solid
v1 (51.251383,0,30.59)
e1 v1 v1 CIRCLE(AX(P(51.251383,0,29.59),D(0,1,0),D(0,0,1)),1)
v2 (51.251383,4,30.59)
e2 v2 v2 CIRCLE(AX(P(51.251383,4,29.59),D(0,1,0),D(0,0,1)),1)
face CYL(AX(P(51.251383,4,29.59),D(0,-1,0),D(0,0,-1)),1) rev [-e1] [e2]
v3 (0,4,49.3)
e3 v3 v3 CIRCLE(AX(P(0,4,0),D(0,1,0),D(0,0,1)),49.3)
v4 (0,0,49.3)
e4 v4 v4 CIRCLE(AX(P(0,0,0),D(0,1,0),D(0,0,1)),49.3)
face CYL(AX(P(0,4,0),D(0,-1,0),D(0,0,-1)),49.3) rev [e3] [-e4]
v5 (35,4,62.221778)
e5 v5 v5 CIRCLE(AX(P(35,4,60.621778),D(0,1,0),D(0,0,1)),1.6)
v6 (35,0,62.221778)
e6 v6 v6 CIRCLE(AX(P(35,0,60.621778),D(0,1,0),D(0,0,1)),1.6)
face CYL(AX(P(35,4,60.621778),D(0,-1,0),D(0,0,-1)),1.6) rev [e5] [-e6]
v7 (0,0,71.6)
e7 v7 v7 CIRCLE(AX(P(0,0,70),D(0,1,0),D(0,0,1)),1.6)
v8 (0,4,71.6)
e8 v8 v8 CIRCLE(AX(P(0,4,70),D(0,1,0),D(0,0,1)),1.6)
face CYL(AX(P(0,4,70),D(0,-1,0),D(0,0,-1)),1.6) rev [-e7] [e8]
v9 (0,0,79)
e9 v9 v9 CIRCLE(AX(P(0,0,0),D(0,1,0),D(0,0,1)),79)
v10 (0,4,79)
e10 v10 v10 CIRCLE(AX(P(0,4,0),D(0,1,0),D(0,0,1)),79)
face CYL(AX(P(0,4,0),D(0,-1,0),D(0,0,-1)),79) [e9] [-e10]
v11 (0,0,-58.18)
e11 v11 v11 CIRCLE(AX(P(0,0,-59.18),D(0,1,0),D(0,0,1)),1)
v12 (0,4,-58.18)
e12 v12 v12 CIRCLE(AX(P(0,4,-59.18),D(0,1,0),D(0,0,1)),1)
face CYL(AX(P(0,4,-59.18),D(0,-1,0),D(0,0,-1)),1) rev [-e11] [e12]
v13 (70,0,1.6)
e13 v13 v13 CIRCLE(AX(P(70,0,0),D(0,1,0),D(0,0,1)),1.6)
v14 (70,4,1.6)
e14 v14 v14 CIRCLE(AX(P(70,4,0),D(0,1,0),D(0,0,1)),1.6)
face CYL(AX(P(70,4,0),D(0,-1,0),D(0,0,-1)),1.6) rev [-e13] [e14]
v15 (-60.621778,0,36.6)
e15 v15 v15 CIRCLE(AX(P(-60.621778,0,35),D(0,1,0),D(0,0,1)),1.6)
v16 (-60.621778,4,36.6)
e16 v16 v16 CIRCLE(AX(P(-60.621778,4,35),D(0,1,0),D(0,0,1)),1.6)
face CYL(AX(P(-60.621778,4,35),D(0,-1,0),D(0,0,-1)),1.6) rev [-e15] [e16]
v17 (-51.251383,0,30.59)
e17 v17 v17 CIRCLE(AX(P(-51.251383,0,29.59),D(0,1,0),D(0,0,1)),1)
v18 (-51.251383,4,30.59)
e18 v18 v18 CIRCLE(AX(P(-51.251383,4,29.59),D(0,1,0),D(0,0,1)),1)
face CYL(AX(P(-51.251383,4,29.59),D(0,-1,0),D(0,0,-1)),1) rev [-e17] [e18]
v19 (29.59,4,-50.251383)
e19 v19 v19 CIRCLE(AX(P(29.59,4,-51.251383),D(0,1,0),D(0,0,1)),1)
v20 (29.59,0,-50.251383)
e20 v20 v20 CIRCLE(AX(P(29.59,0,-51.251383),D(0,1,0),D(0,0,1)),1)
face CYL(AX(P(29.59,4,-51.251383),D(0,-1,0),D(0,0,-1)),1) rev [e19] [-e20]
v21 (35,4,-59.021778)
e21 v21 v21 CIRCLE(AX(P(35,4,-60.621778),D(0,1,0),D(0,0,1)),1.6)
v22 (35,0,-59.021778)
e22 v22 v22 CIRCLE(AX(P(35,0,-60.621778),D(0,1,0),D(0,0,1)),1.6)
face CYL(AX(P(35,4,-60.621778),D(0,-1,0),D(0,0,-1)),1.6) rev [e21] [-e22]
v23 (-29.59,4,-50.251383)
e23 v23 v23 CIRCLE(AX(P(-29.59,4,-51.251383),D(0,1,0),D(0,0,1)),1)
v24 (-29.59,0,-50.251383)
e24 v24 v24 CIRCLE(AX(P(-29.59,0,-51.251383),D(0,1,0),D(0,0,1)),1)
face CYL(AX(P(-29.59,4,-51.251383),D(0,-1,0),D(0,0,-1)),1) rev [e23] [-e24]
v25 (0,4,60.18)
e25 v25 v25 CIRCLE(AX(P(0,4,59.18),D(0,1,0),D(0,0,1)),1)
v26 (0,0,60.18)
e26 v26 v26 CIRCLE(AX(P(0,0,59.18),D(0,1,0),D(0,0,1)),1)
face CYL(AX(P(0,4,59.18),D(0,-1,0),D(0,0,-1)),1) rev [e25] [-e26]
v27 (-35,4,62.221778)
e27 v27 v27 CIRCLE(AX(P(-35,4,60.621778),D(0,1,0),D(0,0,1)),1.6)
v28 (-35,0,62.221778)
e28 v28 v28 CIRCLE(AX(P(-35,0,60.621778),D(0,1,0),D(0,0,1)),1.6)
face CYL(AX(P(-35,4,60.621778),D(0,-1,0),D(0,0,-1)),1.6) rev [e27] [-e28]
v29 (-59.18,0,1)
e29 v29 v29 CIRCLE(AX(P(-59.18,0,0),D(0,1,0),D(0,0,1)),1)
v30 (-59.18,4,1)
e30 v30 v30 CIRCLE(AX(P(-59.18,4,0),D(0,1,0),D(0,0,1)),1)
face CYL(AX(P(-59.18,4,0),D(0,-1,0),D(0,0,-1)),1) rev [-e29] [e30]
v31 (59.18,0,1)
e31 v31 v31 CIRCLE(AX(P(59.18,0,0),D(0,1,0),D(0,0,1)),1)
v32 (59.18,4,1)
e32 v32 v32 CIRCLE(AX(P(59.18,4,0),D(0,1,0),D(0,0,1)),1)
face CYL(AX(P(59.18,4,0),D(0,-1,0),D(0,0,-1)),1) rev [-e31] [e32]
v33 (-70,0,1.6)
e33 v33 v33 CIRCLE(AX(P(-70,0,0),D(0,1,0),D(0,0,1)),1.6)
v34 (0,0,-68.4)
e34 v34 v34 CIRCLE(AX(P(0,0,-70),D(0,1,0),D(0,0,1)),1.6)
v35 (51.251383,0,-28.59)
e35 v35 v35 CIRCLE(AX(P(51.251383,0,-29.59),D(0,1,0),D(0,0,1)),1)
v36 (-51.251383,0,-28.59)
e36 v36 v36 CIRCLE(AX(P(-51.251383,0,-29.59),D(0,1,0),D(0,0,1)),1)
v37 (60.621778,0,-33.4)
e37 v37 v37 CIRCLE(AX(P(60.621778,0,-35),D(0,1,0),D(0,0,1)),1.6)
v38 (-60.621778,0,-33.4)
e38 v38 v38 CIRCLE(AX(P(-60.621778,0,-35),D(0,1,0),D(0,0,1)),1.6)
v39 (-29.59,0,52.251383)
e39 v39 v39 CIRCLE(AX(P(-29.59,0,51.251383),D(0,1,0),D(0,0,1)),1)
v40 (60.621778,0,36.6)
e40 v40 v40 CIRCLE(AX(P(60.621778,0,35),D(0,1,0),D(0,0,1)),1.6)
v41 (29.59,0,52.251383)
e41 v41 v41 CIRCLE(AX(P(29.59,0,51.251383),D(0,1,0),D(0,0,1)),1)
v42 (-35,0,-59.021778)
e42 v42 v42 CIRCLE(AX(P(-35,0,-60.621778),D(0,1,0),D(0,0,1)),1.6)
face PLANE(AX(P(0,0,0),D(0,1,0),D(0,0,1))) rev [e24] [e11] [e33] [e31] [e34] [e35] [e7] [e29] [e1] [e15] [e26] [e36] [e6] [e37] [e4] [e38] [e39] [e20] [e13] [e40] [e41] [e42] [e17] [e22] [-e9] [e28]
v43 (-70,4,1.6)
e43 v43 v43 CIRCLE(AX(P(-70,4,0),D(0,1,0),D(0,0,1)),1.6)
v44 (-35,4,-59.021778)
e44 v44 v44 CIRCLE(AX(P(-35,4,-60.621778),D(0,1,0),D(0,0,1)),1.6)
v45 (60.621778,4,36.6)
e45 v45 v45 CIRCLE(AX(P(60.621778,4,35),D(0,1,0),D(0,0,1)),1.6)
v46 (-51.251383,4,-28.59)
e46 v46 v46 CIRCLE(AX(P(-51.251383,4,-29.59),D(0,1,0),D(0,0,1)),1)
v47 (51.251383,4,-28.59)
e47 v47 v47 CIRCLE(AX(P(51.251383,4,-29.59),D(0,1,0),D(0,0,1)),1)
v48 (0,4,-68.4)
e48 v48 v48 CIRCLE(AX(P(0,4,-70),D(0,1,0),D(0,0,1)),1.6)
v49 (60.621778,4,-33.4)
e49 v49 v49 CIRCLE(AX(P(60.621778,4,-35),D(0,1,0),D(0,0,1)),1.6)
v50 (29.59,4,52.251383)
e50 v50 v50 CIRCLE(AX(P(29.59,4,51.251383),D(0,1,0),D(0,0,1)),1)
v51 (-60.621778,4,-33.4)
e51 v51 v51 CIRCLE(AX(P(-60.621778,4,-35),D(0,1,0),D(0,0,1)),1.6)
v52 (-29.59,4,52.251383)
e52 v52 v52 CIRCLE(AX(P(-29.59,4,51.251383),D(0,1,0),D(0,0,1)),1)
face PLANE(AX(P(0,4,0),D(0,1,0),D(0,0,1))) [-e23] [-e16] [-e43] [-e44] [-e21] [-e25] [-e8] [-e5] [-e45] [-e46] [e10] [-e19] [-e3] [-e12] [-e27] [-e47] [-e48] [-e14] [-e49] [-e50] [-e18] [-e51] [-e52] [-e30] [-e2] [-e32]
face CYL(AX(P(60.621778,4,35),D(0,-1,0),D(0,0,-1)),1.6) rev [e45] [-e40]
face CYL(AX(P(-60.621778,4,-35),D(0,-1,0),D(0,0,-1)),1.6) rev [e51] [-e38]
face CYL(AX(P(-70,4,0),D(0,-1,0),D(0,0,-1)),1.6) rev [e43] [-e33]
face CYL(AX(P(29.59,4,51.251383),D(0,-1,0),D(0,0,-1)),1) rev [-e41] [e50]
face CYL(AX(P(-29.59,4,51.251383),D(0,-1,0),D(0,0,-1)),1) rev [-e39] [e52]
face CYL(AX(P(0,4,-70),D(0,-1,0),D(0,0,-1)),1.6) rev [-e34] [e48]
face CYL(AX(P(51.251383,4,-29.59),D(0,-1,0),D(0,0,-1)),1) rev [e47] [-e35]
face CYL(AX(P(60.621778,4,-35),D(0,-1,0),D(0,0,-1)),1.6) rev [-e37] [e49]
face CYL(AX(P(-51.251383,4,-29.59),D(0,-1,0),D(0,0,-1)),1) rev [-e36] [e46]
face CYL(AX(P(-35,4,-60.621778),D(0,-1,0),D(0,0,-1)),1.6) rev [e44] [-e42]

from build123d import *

# Parameters (mm, degrees)
SKETCH1_R           = 79
SKETCH1_R_2         = 1
SKETCH1_R_3         = 49.3
SKETCH1_R_4         = 1.6
BOSS_EXTRUDE1_DEPTH = 4


with BuildPart() as part:
    # Sketch1 → Boss-Extrude1 (new body)
    with BuildSketch(Plane(origin=(0, 0, 0), x_dir=(1, 0, 0), z_dir=(0, 1, 0))):
        with Locations(Location((0, 0, 0), (0, 0, 270))):
            Circle(SKETCH1_R)
        with Locations(Location((0, 59.18, 0), (0, 0, 270))):
            Circle(SKETCH1_R_2, mode=Mode.SUBTRACT)
        with Locations(Location((29.59, 51.251383396, 0), (0, 0, 270))):
            Circle(SKETCH1_R_2, mode=Mode.SUBTRACT)
        with Locations(Location((51.251383396, 29.59, 0), (0, 0, 270))):
            Circle(SKETCH1_R_2, mode=Mode.SUBTRACT)
        with Locations(Location((59.18, 0, 0), (0, 0, 270))):
            Circle(SKETCH1_R_2, mode=Mode.SUBTRACT)
        with Locations(Location((51.251383396, -29.59, 0), (0, 0, 270))):
            Circle(SKETCH1_R_2, mode=Mode.SUBTRACT)
        with Locations(Location((29.59, -51.251383396, 0), (0, 0, 270))):
            Circle(SKETCH1_R_2, mode=Mode.SUBTRACT)
        with Locations(Location((0, -59.18, 0), (0, 0, 270))):
            Circle(SKETCH1_R_2, mode=Mode.SUBTRACT)
        with Locations(Location((-29.59, -51.251383396, 0), (0, 0, 270))):
            Circle(SKETCH1_R_2, mode=Mode.SUBTRACT)
        with Locations(Location((-51.251383396, -29.59, 0), (0, 0, 270))):
            Circle(SKETCH1_R_2, mode=Mode.SUBTRACT)
        with Locations(Location((-59.18, 0, 0), (0, 0, 270))):
            Circle(SKETCH1_R_2, mode=Mode.SUBTRACT)
        with Locations(Location((-51.251383396, 29.59, 0), (0, 0, 270))):
            Circle(SKETCH1_R_2, mode=Mode.SUBTRACT)
        with Locations(Location((-29.59, 51.251383396, 0), (0, 0, 270))):
            Circle(SKETCH1_R_2, mode=Mode.SUBTRACT)
        with Locations(Location((0, 0, 0), (0, 0, 270))):
            Circle(SKETCH1_R_3, mode=Mode.SUBTRACT)
        with Locations(Location((0, 70, 0), (0, 0, 270))):
            Circle(SKETCH1_R_4, mode=Mode.SUBTRACT)
        with Locations(Location((35, 60.621778265, 0), (0, 0, 270))):
            Circle(SKETCH1_R_4, mode=Mode.SUBTRACT)
        with Locations(Location((60.621778265, 35, 0), (0, 0, 270))):
            Circle(SKETCH1_R_4, mode=Mode.SUBTRACT)
        with Locations(Location((70, 0, 0), (0, 0, 270))):
            Circle(SKETCH1_R_4, mode=Mode.SUBTRACT)
        with Locations(Location((60.621778265, -35, 0), (0, 0, 270))):
            Circle(SKETCH1_R_4, mode=Mode.SUBTRACT)
        with Locations(Location((35, -60.621778265, 0), (0, 0, 270))):
            Circle(SKETCH1_R_4, mode=Mode.SUBTRACT)
        with Locations(Location((0, -70, 0), (0, 0, 270))):
            Circle(SKETCH1_R_4, mode=Mode.SUBTRACT)
        with Locations(Location((-35, -60.621778265, 0), (0, 0, 270))):
            Circle(SKETCH1_R_4, mode=Mode.SUBTRACT)
        with Locations(Location((-60.621778265, -35, 0), (0, 0, 270))):
            Circle(SKETCH1_R_4, mode=Mode.SUBTRACT)
        with Locations(Location((-70, 0, 0), (0, 0, 270))):
            Circle(SKETCH1_R_4, mode=Mode.SUBTRACT)
        with Locations(Location((-60.621778265, 35, 0), (0, 0, 270))):
            Circle(SKETCH1_R_4, mode=Mode.SUBTRACT)
        with Locations(Location((-35, 60.621778265, 0), (0, 0, 270))):
            Circle(SKETCH1_R_4, mode=Mode.SUBTRACT)
    extrude(amount=BOSS_EXTRUDE1_DEPTH)


solid = part.part
